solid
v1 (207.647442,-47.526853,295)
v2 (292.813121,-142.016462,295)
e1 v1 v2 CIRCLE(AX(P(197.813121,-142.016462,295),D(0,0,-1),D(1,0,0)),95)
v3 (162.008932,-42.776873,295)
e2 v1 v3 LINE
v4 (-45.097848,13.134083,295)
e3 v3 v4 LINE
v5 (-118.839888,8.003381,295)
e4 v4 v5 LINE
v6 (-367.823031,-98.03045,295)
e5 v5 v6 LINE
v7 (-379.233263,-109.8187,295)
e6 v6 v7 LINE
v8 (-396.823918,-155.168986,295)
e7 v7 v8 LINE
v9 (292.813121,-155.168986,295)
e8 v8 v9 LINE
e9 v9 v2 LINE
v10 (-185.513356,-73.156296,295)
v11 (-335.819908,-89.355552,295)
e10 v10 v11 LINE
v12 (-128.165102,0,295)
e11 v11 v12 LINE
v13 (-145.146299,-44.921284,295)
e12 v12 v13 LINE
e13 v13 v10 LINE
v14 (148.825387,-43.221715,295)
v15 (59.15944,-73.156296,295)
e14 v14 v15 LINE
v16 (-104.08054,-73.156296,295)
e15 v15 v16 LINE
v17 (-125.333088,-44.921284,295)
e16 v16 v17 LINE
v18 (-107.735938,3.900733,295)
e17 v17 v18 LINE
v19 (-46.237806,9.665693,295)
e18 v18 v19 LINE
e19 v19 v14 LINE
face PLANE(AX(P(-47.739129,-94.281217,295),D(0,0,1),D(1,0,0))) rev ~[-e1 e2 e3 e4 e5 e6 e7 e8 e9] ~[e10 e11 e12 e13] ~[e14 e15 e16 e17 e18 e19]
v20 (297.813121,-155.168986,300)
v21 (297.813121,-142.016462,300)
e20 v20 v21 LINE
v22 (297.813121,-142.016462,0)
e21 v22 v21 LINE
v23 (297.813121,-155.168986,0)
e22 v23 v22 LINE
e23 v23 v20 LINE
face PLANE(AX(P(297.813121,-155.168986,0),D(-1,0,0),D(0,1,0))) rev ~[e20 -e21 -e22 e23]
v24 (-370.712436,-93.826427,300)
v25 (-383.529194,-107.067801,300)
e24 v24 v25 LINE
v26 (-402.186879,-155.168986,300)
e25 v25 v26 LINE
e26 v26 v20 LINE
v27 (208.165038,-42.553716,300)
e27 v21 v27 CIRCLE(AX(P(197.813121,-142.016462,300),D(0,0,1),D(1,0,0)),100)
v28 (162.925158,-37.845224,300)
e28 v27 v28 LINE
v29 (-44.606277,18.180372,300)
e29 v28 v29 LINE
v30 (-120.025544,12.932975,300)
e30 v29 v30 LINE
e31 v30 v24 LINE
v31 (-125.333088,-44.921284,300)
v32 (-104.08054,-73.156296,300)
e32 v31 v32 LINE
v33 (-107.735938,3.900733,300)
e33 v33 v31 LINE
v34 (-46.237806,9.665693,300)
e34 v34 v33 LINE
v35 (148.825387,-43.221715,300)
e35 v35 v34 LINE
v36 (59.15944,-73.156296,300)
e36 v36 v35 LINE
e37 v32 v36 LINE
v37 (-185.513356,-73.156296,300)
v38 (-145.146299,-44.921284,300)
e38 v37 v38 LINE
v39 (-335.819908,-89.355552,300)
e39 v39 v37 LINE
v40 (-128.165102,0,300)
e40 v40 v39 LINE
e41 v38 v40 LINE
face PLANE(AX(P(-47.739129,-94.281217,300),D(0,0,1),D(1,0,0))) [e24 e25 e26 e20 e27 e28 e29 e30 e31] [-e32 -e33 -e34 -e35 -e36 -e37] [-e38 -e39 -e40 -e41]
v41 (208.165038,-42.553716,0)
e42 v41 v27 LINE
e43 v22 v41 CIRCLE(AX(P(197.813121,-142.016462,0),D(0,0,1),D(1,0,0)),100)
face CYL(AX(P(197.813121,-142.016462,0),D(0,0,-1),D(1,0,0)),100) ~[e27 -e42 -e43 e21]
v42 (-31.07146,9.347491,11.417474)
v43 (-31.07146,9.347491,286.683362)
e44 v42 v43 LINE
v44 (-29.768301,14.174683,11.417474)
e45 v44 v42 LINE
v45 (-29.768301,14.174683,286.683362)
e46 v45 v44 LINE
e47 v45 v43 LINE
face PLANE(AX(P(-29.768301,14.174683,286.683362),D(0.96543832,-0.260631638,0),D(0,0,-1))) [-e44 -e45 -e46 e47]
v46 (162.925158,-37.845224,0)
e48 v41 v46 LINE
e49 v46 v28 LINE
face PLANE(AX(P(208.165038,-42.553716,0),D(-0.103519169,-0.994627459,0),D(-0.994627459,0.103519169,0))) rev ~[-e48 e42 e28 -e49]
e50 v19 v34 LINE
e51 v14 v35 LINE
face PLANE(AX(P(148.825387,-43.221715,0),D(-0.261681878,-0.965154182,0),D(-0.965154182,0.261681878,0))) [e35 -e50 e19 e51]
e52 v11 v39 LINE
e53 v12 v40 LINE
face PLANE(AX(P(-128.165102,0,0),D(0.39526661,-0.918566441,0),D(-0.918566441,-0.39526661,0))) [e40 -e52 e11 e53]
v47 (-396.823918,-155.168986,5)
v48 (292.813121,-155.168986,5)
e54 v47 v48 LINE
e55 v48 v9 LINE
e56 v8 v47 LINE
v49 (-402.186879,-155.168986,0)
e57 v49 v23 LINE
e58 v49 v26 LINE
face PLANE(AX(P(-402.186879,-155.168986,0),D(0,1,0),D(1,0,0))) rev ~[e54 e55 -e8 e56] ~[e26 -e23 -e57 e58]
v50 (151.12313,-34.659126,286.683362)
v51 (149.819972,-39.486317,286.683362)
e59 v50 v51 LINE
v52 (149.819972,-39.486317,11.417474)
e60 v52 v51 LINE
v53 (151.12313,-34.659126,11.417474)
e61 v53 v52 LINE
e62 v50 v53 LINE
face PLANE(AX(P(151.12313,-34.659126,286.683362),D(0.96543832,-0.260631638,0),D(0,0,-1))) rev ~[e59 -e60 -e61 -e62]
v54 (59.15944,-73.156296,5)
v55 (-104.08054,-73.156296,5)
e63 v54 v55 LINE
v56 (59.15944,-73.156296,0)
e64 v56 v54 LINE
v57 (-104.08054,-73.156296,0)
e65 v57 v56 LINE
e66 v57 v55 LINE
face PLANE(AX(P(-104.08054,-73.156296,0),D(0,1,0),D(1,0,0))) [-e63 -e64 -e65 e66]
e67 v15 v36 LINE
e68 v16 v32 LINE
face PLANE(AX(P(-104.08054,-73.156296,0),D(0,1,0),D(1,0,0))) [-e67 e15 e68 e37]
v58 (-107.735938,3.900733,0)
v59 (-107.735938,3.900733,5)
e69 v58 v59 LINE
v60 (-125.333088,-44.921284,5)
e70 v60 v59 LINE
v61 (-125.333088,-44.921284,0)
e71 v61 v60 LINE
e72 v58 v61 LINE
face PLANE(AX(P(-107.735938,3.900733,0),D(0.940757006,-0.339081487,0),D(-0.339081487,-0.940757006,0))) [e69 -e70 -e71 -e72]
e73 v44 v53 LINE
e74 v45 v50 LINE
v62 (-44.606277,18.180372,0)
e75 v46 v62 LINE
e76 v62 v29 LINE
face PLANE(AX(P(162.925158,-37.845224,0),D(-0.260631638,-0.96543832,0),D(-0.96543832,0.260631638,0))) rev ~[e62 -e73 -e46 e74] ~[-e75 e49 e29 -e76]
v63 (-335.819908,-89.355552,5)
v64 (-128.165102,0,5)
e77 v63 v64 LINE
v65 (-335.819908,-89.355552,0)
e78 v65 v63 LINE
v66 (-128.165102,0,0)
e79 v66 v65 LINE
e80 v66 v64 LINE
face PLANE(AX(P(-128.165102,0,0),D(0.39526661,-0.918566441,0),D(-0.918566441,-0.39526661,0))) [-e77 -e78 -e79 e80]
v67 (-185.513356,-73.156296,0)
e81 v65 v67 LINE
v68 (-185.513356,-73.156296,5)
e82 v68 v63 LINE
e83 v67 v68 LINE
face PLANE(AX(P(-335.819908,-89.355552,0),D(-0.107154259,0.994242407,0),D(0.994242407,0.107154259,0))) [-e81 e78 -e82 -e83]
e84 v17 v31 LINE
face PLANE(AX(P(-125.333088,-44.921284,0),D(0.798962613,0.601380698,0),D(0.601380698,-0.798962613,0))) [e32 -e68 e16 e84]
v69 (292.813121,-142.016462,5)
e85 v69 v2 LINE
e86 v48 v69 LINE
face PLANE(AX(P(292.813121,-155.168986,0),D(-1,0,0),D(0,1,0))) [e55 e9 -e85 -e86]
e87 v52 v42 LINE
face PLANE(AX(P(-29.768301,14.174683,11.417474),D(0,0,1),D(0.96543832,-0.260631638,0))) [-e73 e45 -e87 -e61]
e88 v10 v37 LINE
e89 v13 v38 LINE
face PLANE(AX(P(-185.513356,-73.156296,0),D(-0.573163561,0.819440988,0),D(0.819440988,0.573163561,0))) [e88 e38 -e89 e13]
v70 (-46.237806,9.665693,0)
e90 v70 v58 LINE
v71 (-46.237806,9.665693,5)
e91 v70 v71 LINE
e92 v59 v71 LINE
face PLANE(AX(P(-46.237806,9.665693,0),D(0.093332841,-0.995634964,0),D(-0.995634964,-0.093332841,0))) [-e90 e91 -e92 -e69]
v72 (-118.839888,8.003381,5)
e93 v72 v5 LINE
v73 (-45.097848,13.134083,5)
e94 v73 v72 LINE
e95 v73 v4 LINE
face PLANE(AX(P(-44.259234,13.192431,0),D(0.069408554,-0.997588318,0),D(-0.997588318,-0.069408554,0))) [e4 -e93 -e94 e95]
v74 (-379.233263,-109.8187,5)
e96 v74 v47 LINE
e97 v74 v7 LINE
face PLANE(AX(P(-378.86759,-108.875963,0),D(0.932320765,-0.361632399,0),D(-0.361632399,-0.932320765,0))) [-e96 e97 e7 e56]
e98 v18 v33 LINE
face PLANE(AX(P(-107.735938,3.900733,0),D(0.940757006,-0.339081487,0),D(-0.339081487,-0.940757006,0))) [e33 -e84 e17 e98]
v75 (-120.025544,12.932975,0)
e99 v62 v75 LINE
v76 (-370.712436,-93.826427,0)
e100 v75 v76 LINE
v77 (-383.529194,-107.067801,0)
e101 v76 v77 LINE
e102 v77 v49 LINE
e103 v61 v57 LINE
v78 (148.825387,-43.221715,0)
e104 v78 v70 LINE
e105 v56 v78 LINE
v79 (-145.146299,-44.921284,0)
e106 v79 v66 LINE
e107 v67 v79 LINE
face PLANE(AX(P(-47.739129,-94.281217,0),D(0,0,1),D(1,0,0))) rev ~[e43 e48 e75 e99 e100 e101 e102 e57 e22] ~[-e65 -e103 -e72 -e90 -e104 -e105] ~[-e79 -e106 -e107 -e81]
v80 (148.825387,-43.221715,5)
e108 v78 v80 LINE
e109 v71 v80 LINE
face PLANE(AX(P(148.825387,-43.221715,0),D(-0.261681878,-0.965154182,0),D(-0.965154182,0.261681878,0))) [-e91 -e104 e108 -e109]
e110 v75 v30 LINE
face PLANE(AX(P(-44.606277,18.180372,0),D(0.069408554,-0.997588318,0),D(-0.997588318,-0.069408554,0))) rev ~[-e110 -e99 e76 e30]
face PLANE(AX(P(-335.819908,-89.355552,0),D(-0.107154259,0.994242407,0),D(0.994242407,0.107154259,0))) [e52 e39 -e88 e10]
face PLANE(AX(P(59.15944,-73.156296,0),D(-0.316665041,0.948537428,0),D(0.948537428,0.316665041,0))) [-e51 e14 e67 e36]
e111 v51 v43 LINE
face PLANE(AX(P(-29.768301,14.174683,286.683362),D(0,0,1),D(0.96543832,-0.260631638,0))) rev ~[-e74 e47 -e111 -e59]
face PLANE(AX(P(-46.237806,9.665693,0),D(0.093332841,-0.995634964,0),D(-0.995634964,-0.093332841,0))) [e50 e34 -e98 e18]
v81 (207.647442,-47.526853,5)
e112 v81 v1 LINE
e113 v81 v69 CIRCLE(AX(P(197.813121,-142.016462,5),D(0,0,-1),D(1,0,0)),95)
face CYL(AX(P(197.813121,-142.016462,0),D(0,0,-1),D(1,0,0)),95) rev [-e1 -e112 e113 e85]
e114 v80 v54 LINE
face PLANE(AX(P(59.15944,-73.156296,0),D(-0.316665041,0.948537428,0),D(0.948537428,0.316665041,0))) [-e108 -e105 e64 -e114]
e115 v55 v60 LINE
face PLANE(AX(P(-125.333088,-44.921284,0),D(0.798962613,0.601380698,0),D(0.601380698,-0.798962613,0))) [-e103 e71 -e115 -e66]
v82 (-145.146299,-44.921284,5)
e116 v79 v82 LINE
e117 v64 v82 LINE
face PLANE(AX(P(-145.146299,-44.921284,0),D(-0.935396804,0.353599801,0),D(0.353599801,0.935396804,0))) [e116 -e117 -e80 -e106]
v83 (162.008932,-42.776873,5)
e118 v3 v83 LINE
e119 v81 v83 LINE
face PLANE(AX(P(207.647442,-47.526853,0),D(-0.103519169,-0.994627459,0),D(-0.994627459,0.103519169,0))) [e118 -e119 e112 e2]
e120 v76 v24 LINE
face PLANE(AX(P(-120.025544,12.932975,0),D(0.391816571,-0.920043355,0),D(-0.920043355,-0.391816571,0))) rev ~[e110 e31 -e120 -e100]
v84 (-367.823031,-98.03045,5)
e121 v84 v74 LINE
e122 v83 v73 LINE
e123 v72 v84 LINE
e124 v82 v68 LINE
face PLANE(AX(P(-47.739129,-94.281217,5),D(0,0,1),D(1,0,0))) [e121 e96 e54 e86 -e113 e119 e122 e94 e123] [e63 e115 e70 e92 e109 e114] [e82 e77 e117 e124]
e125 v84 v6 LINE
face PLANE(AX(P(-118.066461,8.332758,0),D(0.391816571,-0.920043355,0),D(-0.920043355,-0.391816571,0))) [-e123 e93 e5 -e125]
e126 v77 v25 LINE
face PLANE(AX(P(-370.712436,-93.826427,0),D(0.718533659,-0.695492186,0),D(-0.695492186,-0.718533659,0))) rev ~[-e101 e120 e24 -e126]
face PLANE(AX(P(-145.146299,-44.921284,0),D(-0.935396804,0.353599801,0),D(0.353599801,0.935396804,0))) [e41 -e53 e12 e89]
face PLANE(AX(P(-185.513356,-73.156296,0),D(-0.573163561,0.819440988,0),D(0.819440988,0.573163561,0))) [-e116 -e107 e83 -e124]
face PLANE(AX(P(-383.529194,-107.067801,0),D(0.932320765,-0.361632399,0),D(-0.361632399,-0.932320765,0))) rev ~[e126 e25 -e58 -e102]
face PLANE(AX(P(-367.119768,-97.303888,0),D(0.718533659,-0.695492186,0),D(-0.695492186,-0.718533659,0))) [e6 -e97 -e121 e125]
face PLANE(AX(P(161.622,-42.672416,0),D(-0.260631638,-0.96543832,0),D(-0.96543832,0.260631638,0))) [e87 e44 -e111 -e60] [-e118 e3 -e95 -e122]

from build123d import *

# Parameters (mm, degrees)
EXTRUDE_1_DEPTH     = 300
SHELL_2_T           = -5
CUT_EXTRUDE_1_DEPTH = 300
SKETCH_4_W          = 187.367155343
SKETCH_4_H          = 275.26588877
CUT_EXTRUDE_2_DEPTH = 10


with BuildPart() as part:
    # 草图1 → 凸台-拉伸1 (new body)
    with BuildSketch(Plane.XY):
        with BuildLine():
            Line((-402.186878728, -155.168986083), (297.813121272, -155.168986083))
            Line((297.813121272, -155.168986083), (297.813121272, -142.016461596))
            ThreePointArc((297.813121272, -142.016461596), (272.093642568, -75.065702407), (208.165038153, -42.553715721))
            Line((208.165038153, -42.553715721), (162.925157805, -37.845224347))
            Line((162.925157805, -37.845224347), (-44.606277086, 18.180372145))
            Line((-44.606277086, 18.180372145), (-120.025544077, 12.932974824))
            Line((-120.025544077, 12.932974824), (-370.712436241, -93.826427202))
            Line((-370.712436241, -93.826427202), (-383.529193777, -107.067800556))
            Line((-383.529193777, -107.067800556), (-402.186878728, -155.168986083))
        make_face()
    extrude(amount=EXTRUDE_1_DEPTH)

    # 抽壳2
    shell_2_openings = [part.faces().sort_by_distance(p)[0] for p in [
        (-52.186878728, -155.168986083, 150),
    ]]
    offset(amount=SHELL_2_T, openings=shell_2_openings, kind=Kind.INTERSECTION)

    # 草图3 → 切除-拉伸1 (cut)
    with BuildSketch(Plane(origin=(0, 0, 0), x_dir=(-1, 0, 0), z_dir=(0, 0, -1))):
        Polygon((145.146298651, -44.9212837), (128.165102127, 0), (335.819907539, -89.355551576), (185.513355718, -73.15629574), align=None)
        Polygon((107.735938101, 3.900733264), (125.333088077, -44.9212837), (104.080540111, -73.15629574), (-59.15944036, -73.15629574), (-148.825386801, -43.221714567), (46.237805698, 9.665692949), align=None)
    extrude(amount=-CUT_EXTRUDE_1_DEPTH, mode=Mode.SUBTRACT)

    # 草图4 → 切除-拉伸2 (cut)
    with BuildSketch(Plane(origin=(1.544560656, 5.721400739, 0), x_dir=(0.9654383198530997, -0.26063163767897407, 0), z_dir=(0.26063163767897407, 0.9654383198530997, 0))):
        with Locations((61.249747997, -149.050418092)):
            Rectangle(SKETCH_4_W, SKETCH_4_H)
    extrude(amount=-CUT_EXTRUDE_2_DEPTH, mode=Mode.SUBTRACT)


solid = part.part
